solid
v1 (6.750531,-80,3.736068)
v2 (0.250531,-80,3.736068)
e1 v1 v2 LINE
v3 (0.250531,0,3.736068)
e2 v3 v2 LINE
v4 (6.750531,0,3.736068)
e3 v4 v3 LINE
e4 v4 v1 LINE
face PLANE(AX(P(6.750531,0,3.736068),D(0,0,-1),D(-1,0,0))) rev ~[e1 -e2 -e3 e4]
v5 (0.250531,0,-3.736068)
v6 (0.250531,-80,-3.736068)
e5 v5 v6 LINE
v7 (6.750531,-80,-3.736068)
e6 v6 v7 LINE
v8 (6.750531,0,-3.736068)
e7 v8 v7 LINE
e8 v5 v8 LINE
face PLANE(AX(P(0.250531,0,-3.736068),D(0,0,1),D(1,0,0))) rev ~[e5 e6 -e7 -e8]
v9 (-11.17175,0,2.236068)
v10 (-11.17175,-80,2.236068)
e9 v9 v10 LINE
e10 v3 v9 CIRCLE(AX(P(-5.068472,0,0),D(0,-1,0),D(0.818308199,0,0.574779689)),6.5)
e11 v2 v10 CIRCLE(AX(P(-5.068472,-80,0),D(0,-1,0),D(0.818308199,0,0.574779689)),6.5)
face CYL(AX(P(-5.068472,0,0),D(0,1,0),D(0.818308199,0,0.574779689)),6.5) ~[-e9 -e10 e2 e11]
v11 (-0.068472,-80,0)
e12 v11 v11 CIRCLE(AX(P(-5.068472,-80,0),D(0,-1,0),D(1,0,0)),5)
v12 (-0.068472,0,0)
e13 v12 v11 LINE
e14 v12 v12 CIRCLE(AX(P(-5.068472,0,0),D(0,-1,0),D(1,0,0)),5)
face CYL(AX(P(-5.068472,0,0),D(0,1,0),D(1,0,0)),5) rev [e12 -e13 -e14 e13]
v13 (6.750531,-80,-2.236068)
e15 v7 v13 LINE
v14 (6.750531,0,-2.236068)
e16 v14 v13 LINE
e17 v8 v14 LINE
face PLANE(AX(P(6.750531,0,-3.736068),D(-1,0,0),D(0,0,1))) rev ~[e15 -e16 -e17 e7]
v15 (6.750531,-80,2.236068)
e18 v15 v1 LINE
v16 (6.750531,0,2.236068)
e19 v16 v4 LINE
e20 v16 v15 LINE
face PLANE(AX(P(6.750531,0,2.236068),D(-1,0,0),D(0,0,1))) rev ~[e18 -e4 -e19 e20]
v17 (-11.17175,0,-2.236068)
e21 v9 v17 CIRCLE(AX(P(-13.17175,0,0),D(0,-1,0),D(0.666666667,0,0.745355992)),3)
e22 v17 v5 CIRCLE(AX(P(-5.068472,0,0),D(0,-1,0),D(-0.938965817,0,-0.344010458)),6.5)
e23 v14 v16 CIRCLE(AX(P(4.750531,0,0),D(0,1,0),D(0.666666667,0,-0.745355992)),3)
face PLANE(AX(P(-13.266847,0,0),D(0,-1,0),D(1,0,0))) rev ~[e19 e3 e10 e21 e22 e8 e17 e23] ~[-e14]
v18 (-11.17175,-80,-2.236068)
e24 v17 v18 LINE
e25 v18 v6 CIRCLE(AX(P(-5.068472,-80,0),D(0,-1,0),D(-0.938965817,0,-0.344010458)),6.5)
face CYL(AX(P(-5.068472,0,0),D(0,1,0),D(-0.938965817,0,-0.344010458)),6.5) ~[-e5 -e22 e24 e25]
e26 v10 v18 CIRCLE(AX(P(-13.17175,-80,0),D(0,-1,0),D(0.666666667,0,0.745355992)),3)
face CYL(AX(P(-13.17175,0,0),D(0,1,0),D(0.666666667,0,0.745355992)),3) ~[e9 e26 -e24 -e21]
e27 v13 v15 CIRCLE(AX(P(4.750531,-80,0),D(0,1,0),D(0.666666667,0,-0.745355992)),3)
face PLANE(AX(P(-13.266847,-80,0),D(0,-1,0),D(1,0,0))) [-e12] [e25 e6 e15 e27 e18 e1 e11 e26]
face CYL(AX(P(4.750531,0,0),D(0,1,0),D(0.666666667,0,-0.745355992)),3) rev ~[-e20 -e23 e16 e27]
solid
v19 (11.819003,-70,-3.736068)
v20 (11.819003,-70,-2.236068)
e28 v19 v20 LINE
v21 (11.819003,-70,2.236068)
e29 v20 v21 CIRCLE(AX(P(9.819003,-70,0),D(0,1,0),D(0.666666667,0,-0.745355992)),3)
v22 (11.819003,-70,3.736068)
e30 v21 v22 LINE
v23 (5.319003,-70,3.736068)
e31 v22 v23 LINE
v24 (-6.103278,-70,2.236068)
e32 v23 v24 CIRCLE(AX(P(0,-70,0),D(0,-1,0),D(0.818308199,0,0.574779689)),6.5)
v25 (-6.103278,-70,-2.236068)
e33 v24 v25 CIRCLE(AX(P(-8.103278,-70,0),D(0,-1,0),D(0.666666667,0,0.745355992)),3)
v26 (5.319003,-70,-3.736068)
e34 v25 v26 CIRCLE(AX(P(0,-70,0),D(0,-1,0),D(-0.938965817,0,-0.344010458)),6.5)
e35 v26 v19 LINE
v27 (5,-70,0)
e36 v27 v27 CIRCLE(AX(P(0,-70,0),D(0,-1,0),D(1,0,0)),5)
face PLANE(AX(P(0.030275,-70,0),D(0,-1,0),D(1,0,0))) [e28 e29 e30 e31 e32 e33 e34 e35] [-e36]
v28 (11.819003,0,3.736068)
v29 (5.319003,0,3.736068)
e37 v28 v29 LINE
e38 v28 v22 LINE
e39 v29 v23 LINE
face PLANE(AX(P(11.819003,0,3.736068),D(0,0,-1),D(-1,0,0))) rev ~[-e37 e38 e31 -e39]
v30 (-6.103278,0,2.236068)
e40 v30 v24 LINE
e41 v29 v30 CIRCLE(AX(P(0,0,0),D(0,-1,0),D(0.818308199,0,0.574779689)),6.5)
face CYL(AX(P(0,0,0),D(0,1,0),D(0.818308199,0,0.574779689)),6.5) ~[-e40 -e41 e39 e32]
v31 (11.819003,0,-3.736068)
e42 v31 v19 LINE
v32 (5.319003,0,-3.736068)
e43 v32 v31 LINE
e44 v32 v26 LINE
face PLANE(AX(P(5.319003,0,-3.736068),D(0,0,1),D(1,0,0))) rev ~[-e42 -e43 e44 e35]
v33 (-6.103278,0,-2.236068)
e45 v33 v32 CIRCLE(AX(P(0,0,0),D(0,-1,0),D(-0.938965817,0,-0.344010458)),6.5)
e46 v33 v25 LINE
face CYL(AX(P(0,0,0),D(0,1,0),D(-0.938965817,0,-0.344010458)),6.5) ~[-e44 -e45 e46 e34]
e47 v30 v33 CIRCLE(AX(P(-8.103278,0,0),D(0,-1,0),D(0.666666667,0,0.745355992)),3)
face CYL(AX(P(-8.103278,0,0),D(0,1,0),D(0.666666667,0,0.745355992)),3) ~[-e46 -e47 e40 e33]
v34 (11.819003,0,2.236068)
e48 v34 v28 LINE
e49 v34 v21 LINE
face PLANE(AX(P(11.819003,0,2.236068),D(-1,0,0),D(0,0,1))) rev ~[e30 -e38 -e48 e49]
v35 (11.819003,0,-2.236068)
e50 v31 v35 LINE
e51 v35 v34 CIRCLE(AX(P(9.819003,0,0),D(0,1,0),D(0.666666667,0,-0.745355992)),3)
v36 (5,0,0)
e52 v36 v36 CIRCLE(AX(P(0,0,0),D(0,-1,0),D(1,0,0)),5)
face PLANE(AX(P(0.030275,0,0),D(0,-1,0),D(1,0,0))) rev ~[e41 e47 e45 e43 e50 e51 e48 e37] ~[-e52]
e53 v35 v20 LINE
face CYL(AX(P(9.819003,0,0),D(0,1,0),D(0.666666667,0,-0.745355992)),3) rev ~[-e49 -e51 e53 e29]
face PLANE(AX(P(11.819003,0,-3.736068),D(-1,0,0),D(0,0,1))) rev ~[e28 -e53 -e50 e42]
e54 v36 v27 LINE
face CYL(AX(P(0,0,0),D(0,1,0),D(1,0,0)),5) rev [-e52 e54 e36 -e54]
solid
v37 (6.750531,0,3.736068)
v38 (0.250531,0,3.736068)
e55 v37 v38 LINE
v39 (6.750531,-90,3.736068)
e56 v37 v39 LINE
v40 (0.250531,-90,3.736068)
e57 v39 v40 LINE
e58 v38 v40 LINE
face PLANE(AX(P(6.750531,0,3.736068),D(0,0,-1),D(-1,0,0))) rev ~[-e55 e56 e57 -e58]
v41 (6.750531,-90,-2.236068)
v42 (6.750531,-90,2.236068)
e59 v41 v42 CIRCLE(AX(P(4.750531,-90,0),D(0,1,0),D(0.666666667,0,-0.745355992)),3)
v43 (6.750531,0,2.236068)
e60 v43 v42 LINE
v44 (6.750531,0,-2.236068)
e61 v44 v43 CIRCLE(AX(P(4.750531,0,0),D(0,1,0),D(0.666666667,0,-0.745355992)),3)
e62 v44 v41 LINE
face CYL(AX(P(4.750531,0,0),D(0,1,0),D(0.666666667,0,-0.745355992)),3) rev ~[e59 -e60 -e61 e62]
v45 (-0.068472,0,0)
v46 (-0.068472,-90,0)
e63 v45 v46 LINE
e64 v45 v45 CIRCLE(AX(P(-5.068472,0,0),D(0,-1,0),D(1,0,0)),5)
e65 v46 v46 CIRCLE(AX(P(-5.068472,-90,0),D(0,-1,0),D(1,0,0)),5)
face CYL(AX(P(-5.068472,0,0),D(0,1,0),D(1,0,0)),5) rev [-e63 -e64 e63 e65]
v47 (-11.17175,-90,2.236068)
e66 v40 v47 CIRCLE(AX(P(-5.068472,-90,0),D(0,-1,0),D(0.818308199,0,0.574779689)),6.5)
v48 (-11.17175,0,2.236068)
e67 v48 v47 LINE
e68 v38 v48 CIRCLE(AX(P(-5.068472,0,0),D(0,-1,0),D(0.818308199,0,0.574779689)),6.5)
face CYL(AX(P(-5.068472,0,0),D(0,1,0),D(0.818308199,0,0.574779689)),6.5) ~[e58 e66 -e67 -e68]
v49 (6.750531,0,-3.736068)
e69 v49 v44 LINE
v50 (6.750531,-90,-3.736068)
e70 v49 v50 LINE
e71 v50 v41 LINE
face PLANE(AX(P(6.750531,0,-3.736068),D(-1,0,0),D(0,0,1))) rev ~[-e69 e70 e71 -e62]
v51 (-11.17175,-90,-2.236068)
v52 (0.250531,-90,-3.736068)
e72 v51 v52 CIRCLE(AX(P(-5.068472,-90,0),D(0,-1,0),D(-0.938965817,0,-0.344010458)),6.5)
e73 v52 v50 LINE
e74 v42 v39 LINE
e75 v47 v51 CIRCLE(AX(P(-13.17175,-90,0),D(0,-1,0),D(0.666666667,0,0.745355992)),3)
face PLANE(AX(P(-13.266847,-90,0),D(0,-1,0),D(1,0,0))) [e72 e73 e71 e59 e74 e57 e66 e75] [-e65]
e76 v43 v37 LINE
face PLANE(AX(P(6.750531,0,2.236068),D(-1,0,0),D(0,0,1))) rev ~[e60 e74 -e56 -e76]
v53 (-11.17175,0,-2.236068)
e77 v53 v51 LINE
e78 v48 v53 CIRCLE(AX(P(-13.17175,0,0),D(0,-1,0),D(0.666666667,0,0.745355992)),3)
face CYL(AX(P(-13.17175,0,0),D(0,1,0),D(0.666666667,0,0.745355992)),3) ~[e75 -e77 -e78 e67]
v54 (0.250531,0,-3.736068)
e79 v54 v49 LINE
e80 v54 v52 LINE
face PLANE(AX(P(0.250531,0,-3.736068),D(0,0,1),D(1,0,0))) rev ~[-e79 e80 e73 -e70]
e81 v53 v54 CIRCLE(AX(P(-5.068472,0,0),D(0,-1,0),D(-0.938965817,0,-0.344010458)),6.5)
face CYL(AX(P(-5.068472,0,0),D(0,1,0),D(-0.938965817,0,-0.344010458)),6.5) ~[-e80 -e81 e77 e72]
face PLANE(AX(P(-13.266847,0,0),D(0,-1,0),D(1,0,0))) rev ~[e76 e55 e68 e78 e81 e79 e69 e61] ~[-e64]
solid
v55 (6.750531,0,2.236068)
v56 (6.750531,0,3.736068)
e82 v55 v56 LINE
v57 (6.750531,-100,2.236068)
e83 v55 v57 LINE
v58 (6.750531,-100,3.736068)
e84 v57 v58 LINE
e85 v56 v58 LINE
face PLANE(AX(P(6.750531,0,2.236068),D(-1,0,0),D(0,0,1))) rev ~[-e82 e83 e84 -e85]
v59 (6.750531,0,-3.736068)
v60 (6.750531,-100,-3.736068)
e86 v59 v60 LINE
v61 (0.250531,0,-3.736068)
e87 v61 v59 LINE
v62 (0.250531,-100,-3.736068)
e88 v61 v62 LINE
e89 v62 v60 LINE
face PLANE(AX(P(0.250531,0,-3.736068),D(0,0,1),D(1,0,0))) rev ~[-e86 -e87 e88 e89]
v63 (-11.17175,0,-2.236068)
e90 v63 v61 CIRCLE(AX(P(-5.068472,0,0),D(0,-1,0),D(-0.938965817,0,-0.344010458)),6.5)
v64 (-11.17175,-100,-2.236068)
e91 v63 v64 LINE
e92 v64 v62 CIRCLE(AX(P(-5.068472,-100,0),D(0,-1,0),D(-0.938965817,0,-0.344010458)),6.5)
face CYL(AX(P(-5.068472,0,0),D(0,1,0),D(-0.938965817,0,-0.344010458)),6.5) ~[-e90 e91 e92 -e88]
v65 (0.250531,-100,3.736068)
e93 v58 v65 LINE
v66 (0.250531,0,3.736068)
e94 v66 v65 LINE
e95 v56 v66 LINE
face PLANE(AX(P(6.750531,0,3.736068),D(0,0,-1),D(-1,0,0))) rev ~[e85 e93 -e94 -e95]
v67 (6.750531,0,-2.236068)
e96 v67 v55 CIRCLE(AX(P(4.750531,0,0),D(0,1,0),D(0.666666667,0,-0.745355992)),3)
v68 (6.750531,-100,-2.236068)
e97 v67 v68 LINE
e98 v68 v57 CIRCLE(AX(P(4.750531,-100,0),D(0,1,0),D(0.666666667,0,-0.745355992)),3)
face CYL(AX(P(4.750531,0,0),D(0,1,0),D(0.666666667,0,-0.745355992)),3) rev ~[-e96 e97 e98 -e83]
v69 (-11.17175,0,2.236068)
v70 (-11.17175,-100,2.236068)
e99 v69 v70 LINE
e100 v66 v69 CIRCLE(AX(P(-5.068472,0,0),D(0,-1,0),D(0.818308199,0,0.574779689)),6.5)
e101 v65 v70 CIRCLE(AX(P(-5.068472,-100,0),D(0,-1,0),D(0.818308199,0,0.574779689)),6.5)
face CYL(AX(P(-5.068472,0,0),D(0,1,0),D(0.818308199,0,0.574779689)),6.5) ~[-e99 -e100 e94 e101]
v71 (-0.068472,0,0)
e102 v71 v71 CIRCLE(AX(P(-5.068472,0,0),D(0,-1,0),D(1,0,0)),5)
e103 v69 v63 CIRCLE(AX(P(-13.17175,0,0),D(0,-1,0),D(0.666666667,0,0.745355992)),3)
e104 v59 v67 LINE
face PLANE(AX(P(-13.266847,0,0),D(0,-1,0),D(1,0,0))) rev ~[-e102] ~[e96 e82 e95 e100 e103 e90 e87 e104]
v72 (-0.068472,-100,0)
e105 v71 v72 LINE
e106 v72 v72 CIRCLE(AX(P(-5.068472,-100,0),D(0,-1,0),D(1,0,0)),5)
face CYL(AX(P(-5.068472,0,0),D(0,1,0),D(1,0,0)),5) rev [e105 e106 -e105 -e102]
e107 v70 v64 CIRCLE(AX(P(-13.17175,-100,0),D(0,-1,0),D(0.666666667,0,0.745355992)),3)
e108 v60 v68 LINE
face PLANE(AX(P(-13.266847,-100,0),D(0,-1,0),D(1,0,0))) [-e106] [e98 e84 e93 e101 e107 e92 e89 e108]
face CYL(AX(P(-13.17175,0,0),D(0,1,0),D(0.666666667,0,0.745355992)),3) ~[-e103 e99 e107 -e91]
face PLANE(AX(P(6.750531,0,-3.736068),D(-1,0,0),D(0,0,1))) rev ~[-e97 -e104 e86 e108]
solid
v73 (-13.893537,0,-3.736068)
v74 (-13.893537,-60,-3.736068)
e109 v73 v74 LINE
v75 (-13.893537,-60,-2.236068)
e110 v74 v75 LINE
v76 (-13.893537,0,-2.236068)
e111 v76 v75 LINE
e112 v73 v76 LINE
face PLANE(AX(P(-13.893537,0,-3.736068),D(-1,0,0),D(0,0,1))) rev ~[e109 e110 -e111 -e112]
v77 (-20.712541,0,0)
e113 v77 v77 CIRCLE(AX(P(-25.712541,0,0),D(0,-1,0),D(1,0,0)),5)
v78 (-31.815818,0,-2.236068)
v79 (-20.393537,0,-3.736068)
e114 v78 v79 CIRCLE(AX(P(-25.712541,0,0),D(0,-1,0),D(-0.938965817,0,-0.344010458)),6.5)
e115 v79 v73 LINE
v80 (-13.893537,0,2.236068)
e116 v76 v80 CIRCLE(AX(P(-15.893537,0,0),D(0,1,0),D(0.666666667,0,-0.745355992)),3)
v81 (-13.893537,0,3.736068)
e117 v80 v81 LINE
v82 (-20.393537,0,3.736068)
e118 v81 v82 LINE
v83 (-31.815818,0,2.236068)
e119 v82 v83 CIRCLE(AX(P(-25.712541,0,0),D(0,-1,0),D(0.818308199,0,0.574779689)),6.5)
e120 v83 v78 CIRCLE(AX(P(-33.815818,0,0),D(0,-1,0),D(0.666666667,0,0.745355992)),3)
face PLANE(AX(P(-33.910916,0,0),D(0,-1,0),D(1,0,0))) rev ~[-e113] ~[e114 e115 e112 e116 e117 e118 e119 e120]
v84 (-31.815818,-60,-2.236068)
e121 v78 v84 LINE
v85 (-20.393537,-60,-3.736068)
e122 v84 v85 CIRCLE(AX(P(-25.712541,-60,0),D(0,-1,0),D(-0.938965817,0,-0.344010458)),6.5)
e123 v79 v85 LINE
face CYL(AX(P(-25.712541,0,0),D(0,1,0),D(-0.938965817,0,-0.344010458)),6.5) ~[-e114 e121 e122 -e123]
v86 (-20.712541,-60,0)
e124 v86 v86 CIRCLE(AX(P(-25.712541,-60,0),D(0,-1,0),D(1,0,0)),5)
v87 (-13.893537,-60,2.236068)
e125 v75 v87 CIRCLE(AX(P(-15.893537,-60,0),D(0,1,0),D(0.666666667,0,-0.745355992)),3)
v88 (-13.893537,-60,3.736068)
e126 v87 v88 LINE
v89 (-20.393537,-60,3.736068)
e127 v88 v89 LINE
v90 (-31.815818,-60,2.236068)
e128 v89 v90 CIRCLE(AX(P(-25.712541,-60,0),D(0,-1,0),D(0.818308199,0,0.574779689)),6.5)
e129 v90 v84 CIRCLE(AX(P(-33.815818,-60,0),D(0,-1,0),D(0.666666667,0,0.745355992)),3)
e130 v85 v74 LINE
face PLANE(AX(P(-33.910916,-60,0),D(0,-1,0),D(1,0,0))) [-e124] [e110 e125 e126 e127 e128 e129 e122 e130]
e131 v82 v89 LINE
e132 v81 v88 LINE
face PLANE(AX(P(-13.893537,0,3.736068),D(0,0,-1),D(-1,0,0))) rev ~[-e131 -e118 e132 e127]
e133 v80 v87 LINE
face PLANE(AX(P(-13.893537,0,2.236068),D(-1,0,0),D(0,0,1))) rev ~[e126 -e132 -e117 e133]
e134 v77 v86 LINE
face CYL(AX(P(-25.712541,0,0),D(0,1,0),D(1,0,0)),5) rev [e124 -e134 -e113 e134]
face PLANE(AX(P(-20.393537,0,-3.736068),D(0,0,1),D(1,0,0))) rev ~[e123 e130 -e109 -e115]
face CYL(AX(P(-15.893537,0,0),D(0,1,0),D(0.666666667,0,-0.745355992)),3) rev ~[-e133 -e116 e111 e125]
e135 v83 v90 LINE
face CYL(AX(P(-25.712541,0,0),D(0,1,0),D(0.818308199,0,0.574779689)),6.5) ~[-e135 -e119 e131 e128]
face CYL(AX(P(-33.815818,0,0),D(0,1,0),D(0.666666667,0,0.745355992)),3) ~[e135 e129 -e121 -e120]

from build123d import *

# Parameters (mm, degrees)
F0_R     = 5
F1_DEPTH = 70
F2_R     = 5
F3_DEPTH = 60
F4_R     = 5
F5_DEPTH = 80
F6_R     = 5
F7_DEPTH = 90
F8_R     = 5
F9_DEPTH = 100


with BuildPart() as f1:
    # F0 (on Front) → F1 (new body)
    with BuildSketch(Plane.XZ):
        with BuildLine():
            ThreePointArc((5.3190032964, -3.7360679775), (6.1977222198, -1.9591424876), (6.5, 0))
            ThreePointArc((6.5, 0), (6.1977222198, 1.9591424876), (5.3190032964, 3.7360679775))
            ThreePointArc((5.3190032964, 3.7360679775), (-0.8463283212, 6.4446666611), (-6.1032778079, 2.2360679775))
            ThreePointArc((-6.1032778079, 2.2360679775), (-6.5, 0), (-6.1032778079, -2.2360679775))
            ThreePointArc((-6.1032778079, -2.2360679775), (-0.8463283212, -6.4446666611), (5.3190032964, -3.7360679775))
        make_face()
        Circle(F0_R, mode=Mode.SUBTRACT)
        with BuildLine():
            ThreePointArc((-6.1032778079, -2.2360679775), (-6.5, 0), (-6.1032778079, 2.2360679775))
            ThreePointArc((-6.1032778079, 2.2360679775), (-11.1032778079, 0), (-6.1032778079, -2.2360679775))
        make_face()
        with BuildLine():
            ThreePointArc((5.3190032964, 3.7360679775), (6.1977222198, 1.9591424876), (6.5, 0))
            ThreePointArc((6.5, 0), (6.1977222198, -1.9591424876), (5.3190032964, -3.7360679775))
            Line((5.3190032964, -3.7360679775), (11.8190032964, -3.7360679775))
            Line((11.8190032964, -3.7360679775), (11.8190032964, -2.2360679775))
            ThreePointArc((11.8190032964, -2.2360679775), (6.8190032964, 0), (11.8190032964, 2.2360679775))
            Line((11.8190032964, 2.2360679775), (11.8190032964, 3.7360679775))
            Line((11.8190032964, 3.7360679775), (5.3190032964, 3.7360679775))
        make_face()
    extrude(amount=F1_DEPTH)


with BuildPart() as f3:
    # F2 (on Front) → F3 (new body)
    with BuildSketch(Plane.XZ):
        with BuildLine():
            ThreePointArc((-31.8158183519, -2.2360679775), (-32.212540544, 0), (-31.8158183519, 2.2360679775))
            ThreePointArc((-31.8158183519, 2.2360679775), (-36.8158183519, 0), (-31.8158183519, -2.2360679775))
        make_face()
        with BuildLine():
            ThreePointArc((-20.3935372476, -3.7360679775), (-19.5148183243, -1.9591424876), (-19.212540544, 0))
            ThreePointArc((-19.212540544, 0), (-19.5148183243, 1.9591424876), (-20.3935372476, 3.7360679775))
            ThreePointArc((-20.3935372476, 3.7360679775), (-26.5588688653, 6.4446666611), (-31.8158183519, 2.2360679775))
            ThreePointArc((-31.8158183519, 2.2360679775), (-32.212540544, 0), (-31.8158183519, -2.2360679775))
            ThreePointArc((-31.8158183519, -2.2360679775), (-26.5588688653, -6.4446666611), (-20.3935372476, -3.7360679775))
        make_face()
        with Locations((-25.712540544, 0)):
            Circle(F2_R, mode=Mode.SUBTRACT)
        with BuildLine():
            ThreePointArc((-20.3935372476, 3.7360679775), (-19.5148183243, 1.9591424876), (-19.212540544, 0))
            ThreePointArc((-19.212540544, 0), (-19.5148183243, -1.9591424876), (-20.3935372476, -3.7360679775))
            Line((-20.3935372476, -3.7360679775), (-13.8935372476, -3.7360679775))
            Line((-13.8935372476, -3.7360679775), (-13.8935372476, -2.2360679775))
            ThreePointArc((-13.8935372476, -2.2360679775), (-18.8935372476, 0), (-13.8935372476, 2.2360679775))
            Line((-13.8935372476, 2.2360679775), (-13.8935372476, 3.7360679775))
            Line((-13.8935372476, 3.7360679775), (-20.3935372476, 3.7360679775))
        make_face()
    extrude(amount=F3_DEPTH)


with BuildPart() as f5:
    # F4 (on Front) → F5 (new body)
    with BuildSketch(Plane.XZ):
        with BuildLine():
            ThreePointArc((-11.171749634, -2.2360679775), (-11.5684718261, 0), (-11.171749634, 2.2360679775))
            ThreePointArc((-11.171749634, 2.2360679775), (-16.171749634, 0), (-11.171749634, -2.2360679775))
        make_face()
        with BuildLine():
            ThreePointArc((0.2505314703, -3.7360679775), (1.1292503937, -1.9591424876), (1.4315281739, 0))
            ThreePointArc((1.4315281739, 0), (1.1292503937, 1.9591424876), (0.2505314703, 3.7360679775))
            ThreePointArc((0.2505314703, 3.7360679775), (-5.9148001473, 6.4446666611), (-11.171749634, 2.2360679775))
            ThreePointArc((-11.171749634, 2.2360679775), (-11.5684718261, 0), (-11.171749634, -2.2360679775))
            ThreePointArc((-11.171749634, -2.2360679775), (-5.9148001473, -6.4446666611), (0.2505314703, -3.7360679775))
        make_face()
        with Locations((-5.0684718261, 0)):
            Circle(F4_R, mode=Mode.SUBTRACT)
        with BuildLine():
            ThreePointArc((0.2505314703, 3.7360679775), (1.1292503937, 1.9591424876), (1.4315281739, 0))
            ThreePointArc((1.4315281739, 0), (1.1292503937, -1.9591424876), (0.2505314703, -3.7360679775))
            Line((0.2505314703, -3.7360679775), (6.7505314703, -3.7360679775))
            Line((6.7505314703, -3.7360679775), (6.7505314703, -2.2360679775))
            ThreePointArc((6.7505314703, -2.2360679775), (1.7505314703, 0), (6.7505314703, 2.2360679775))
            Line((6.7505314703, 2.2360679775), (6.7505314703, 3.7360679775))
            Line((6.7505314703, 3.7360679775), (0.2505314703, 3.7360679775))
        make_face()
    extrude(amount=F5_DEPTH)


with BuildPart() as f7:
    # F6 (on Front) → F7 (new body)
    with BuildSketch(Plane.XZ):
        with BuildLine():
            ThreePointArc((-11.171749634, -2.2360679775), (-11.5684718261, 0), (-11.171749634, 2.2360679775))
            ThreePointArc((-11.171749634, 2.2360679775), (-16.171749634, 0), (-11.171749634, -2.2360679775))
        make_face()
        with BuildLine():
            ThreePointArc((0.2505314703, -3.7360679775), (1.1292503937, -1.9591424876), (1.4315281739, 0))
            ThreePointArc((1.4315281739, 0), (1.1292503937, 1.9591424876), (0.2505314703, 3.7360679775))
            ThreePointArc((0.2505314703, 3.7360679775), (-5.9148001473, 6.4446666611), (-11.171749634, 2.2360679775))
            ThreePointArc((-11.171749634, 2.2360679775), (-11.5684718261, 0), (-11.171749634, -2.2360679775))
            ThreePointArc((-11.171749634, -2.2360679775), (-5.9148001473, -6.4446666611), (0.2505314703, -3.7360679775))
        make_face()
        with Locations((-5.0684718261, 0)):
            Circle(F6_R, mode=Mode.SUBTRACT)
        with BuildLine():
            ThreePointArc((0.2505314703, 3.7360679775), (1.1292503937, 1.9591424876), (1.4315281739, 0))
            ThreePointArc((1.4315281739, 0), (1.1292503937, -1.9591424876), (0.2505314703, -3.7360679775))
            Line((0.2505314703, -3.7360679775), (6.7505314703, -3.7360679775))
            Line((6.7505314703, -3.7360679775), (6.7505314703, -2.2360679775))
            ThreePointArc((6.7505314703, -2.2360679775), (1.7505314703, 0), (6.7505314703, 2.2360679775))
            Line((6.7505314703, 2.2360679775), (6.7505314703, 3.7360679775))
            Line((6.7505314703, 3.7360679775), (0.2505314703, 3.7360679775))
        make_face()
    extrude(amount=F7_DEPTH)


with BuildPart() as f9:
    # F8 (on Front) → F9 (new body)
    with BuildSketch(Plane.XZ):
        with BuildLine():
            ThreePointArc((-11.171749634, -2.2360679775), (-11.5684718261, 0), (-11.171749634, 2.2360679775))
            ThreePointArc((-11.171749634, 2.2360679775), (-16.171749634, 0), (-11.171749634, -2.2360679775))
        make_face()
        with BuildLine():
            ThreePointArc((0.2505314703, -3.7360679775), (1.1292503937, -1.9591424876), (1.4315281739, 0))
            ThreePointArc((1.4315281739, 0), (1.1292503937, 1.9591424876), (0.2505314703, 3.7360679775))
            ThreePointArc((0.2505314703, 3.7360679775), (-5.9148001473, 6.4446666611), (-11.171749634, 2.2360679775))
            ThreePointArc((-11.171749634, 2.2360679775), (-11.5684718261, 0), (-11.171749634, -2.2360679775))
            ThreePointArc((-11.171749634, -2.2360679775), (-5.9148001473, -6.4446666611), (0.2505314703, -3.7360679775))
        make_face()
        with Locations((-5.0684718261, 0)):
            Circle(F8_R, mode=Mode.SUBTRACT)
        with BuildLine():
            ThreePointArc((0.2505314703, 3.7360679775), (1.1292503937, 1.9591424876), (1.4315281739, 0))
            ThreePointArc((1.4315281739, 0), (1.1292503937, -1.9591424876), (0.2505314703, -3.7360679775))
            Line((0.2505314703, -3.7360679775), (6.7505314703, -3.7360679775))
            Line((6.7505314703, -3.7360679775), (6.7505314703, -2.2360679775))
            ThreePointArc((6.7505314703, -2.2360679775), (1.7505314703, 0), (6.7505314703, 2.2360679775))
            Line((6.7505314703, 2.2360679775), (6.7505314703, 3.7360679775))
            Line((6.7505314703, 3.7360679775), (0.2505314703, 3.7360679775))
        make_face()
    extrude(amount=F9_DEPTH)


solid = Compound([f1.part, f3.part, f5.part, f7.part, f9.part])
